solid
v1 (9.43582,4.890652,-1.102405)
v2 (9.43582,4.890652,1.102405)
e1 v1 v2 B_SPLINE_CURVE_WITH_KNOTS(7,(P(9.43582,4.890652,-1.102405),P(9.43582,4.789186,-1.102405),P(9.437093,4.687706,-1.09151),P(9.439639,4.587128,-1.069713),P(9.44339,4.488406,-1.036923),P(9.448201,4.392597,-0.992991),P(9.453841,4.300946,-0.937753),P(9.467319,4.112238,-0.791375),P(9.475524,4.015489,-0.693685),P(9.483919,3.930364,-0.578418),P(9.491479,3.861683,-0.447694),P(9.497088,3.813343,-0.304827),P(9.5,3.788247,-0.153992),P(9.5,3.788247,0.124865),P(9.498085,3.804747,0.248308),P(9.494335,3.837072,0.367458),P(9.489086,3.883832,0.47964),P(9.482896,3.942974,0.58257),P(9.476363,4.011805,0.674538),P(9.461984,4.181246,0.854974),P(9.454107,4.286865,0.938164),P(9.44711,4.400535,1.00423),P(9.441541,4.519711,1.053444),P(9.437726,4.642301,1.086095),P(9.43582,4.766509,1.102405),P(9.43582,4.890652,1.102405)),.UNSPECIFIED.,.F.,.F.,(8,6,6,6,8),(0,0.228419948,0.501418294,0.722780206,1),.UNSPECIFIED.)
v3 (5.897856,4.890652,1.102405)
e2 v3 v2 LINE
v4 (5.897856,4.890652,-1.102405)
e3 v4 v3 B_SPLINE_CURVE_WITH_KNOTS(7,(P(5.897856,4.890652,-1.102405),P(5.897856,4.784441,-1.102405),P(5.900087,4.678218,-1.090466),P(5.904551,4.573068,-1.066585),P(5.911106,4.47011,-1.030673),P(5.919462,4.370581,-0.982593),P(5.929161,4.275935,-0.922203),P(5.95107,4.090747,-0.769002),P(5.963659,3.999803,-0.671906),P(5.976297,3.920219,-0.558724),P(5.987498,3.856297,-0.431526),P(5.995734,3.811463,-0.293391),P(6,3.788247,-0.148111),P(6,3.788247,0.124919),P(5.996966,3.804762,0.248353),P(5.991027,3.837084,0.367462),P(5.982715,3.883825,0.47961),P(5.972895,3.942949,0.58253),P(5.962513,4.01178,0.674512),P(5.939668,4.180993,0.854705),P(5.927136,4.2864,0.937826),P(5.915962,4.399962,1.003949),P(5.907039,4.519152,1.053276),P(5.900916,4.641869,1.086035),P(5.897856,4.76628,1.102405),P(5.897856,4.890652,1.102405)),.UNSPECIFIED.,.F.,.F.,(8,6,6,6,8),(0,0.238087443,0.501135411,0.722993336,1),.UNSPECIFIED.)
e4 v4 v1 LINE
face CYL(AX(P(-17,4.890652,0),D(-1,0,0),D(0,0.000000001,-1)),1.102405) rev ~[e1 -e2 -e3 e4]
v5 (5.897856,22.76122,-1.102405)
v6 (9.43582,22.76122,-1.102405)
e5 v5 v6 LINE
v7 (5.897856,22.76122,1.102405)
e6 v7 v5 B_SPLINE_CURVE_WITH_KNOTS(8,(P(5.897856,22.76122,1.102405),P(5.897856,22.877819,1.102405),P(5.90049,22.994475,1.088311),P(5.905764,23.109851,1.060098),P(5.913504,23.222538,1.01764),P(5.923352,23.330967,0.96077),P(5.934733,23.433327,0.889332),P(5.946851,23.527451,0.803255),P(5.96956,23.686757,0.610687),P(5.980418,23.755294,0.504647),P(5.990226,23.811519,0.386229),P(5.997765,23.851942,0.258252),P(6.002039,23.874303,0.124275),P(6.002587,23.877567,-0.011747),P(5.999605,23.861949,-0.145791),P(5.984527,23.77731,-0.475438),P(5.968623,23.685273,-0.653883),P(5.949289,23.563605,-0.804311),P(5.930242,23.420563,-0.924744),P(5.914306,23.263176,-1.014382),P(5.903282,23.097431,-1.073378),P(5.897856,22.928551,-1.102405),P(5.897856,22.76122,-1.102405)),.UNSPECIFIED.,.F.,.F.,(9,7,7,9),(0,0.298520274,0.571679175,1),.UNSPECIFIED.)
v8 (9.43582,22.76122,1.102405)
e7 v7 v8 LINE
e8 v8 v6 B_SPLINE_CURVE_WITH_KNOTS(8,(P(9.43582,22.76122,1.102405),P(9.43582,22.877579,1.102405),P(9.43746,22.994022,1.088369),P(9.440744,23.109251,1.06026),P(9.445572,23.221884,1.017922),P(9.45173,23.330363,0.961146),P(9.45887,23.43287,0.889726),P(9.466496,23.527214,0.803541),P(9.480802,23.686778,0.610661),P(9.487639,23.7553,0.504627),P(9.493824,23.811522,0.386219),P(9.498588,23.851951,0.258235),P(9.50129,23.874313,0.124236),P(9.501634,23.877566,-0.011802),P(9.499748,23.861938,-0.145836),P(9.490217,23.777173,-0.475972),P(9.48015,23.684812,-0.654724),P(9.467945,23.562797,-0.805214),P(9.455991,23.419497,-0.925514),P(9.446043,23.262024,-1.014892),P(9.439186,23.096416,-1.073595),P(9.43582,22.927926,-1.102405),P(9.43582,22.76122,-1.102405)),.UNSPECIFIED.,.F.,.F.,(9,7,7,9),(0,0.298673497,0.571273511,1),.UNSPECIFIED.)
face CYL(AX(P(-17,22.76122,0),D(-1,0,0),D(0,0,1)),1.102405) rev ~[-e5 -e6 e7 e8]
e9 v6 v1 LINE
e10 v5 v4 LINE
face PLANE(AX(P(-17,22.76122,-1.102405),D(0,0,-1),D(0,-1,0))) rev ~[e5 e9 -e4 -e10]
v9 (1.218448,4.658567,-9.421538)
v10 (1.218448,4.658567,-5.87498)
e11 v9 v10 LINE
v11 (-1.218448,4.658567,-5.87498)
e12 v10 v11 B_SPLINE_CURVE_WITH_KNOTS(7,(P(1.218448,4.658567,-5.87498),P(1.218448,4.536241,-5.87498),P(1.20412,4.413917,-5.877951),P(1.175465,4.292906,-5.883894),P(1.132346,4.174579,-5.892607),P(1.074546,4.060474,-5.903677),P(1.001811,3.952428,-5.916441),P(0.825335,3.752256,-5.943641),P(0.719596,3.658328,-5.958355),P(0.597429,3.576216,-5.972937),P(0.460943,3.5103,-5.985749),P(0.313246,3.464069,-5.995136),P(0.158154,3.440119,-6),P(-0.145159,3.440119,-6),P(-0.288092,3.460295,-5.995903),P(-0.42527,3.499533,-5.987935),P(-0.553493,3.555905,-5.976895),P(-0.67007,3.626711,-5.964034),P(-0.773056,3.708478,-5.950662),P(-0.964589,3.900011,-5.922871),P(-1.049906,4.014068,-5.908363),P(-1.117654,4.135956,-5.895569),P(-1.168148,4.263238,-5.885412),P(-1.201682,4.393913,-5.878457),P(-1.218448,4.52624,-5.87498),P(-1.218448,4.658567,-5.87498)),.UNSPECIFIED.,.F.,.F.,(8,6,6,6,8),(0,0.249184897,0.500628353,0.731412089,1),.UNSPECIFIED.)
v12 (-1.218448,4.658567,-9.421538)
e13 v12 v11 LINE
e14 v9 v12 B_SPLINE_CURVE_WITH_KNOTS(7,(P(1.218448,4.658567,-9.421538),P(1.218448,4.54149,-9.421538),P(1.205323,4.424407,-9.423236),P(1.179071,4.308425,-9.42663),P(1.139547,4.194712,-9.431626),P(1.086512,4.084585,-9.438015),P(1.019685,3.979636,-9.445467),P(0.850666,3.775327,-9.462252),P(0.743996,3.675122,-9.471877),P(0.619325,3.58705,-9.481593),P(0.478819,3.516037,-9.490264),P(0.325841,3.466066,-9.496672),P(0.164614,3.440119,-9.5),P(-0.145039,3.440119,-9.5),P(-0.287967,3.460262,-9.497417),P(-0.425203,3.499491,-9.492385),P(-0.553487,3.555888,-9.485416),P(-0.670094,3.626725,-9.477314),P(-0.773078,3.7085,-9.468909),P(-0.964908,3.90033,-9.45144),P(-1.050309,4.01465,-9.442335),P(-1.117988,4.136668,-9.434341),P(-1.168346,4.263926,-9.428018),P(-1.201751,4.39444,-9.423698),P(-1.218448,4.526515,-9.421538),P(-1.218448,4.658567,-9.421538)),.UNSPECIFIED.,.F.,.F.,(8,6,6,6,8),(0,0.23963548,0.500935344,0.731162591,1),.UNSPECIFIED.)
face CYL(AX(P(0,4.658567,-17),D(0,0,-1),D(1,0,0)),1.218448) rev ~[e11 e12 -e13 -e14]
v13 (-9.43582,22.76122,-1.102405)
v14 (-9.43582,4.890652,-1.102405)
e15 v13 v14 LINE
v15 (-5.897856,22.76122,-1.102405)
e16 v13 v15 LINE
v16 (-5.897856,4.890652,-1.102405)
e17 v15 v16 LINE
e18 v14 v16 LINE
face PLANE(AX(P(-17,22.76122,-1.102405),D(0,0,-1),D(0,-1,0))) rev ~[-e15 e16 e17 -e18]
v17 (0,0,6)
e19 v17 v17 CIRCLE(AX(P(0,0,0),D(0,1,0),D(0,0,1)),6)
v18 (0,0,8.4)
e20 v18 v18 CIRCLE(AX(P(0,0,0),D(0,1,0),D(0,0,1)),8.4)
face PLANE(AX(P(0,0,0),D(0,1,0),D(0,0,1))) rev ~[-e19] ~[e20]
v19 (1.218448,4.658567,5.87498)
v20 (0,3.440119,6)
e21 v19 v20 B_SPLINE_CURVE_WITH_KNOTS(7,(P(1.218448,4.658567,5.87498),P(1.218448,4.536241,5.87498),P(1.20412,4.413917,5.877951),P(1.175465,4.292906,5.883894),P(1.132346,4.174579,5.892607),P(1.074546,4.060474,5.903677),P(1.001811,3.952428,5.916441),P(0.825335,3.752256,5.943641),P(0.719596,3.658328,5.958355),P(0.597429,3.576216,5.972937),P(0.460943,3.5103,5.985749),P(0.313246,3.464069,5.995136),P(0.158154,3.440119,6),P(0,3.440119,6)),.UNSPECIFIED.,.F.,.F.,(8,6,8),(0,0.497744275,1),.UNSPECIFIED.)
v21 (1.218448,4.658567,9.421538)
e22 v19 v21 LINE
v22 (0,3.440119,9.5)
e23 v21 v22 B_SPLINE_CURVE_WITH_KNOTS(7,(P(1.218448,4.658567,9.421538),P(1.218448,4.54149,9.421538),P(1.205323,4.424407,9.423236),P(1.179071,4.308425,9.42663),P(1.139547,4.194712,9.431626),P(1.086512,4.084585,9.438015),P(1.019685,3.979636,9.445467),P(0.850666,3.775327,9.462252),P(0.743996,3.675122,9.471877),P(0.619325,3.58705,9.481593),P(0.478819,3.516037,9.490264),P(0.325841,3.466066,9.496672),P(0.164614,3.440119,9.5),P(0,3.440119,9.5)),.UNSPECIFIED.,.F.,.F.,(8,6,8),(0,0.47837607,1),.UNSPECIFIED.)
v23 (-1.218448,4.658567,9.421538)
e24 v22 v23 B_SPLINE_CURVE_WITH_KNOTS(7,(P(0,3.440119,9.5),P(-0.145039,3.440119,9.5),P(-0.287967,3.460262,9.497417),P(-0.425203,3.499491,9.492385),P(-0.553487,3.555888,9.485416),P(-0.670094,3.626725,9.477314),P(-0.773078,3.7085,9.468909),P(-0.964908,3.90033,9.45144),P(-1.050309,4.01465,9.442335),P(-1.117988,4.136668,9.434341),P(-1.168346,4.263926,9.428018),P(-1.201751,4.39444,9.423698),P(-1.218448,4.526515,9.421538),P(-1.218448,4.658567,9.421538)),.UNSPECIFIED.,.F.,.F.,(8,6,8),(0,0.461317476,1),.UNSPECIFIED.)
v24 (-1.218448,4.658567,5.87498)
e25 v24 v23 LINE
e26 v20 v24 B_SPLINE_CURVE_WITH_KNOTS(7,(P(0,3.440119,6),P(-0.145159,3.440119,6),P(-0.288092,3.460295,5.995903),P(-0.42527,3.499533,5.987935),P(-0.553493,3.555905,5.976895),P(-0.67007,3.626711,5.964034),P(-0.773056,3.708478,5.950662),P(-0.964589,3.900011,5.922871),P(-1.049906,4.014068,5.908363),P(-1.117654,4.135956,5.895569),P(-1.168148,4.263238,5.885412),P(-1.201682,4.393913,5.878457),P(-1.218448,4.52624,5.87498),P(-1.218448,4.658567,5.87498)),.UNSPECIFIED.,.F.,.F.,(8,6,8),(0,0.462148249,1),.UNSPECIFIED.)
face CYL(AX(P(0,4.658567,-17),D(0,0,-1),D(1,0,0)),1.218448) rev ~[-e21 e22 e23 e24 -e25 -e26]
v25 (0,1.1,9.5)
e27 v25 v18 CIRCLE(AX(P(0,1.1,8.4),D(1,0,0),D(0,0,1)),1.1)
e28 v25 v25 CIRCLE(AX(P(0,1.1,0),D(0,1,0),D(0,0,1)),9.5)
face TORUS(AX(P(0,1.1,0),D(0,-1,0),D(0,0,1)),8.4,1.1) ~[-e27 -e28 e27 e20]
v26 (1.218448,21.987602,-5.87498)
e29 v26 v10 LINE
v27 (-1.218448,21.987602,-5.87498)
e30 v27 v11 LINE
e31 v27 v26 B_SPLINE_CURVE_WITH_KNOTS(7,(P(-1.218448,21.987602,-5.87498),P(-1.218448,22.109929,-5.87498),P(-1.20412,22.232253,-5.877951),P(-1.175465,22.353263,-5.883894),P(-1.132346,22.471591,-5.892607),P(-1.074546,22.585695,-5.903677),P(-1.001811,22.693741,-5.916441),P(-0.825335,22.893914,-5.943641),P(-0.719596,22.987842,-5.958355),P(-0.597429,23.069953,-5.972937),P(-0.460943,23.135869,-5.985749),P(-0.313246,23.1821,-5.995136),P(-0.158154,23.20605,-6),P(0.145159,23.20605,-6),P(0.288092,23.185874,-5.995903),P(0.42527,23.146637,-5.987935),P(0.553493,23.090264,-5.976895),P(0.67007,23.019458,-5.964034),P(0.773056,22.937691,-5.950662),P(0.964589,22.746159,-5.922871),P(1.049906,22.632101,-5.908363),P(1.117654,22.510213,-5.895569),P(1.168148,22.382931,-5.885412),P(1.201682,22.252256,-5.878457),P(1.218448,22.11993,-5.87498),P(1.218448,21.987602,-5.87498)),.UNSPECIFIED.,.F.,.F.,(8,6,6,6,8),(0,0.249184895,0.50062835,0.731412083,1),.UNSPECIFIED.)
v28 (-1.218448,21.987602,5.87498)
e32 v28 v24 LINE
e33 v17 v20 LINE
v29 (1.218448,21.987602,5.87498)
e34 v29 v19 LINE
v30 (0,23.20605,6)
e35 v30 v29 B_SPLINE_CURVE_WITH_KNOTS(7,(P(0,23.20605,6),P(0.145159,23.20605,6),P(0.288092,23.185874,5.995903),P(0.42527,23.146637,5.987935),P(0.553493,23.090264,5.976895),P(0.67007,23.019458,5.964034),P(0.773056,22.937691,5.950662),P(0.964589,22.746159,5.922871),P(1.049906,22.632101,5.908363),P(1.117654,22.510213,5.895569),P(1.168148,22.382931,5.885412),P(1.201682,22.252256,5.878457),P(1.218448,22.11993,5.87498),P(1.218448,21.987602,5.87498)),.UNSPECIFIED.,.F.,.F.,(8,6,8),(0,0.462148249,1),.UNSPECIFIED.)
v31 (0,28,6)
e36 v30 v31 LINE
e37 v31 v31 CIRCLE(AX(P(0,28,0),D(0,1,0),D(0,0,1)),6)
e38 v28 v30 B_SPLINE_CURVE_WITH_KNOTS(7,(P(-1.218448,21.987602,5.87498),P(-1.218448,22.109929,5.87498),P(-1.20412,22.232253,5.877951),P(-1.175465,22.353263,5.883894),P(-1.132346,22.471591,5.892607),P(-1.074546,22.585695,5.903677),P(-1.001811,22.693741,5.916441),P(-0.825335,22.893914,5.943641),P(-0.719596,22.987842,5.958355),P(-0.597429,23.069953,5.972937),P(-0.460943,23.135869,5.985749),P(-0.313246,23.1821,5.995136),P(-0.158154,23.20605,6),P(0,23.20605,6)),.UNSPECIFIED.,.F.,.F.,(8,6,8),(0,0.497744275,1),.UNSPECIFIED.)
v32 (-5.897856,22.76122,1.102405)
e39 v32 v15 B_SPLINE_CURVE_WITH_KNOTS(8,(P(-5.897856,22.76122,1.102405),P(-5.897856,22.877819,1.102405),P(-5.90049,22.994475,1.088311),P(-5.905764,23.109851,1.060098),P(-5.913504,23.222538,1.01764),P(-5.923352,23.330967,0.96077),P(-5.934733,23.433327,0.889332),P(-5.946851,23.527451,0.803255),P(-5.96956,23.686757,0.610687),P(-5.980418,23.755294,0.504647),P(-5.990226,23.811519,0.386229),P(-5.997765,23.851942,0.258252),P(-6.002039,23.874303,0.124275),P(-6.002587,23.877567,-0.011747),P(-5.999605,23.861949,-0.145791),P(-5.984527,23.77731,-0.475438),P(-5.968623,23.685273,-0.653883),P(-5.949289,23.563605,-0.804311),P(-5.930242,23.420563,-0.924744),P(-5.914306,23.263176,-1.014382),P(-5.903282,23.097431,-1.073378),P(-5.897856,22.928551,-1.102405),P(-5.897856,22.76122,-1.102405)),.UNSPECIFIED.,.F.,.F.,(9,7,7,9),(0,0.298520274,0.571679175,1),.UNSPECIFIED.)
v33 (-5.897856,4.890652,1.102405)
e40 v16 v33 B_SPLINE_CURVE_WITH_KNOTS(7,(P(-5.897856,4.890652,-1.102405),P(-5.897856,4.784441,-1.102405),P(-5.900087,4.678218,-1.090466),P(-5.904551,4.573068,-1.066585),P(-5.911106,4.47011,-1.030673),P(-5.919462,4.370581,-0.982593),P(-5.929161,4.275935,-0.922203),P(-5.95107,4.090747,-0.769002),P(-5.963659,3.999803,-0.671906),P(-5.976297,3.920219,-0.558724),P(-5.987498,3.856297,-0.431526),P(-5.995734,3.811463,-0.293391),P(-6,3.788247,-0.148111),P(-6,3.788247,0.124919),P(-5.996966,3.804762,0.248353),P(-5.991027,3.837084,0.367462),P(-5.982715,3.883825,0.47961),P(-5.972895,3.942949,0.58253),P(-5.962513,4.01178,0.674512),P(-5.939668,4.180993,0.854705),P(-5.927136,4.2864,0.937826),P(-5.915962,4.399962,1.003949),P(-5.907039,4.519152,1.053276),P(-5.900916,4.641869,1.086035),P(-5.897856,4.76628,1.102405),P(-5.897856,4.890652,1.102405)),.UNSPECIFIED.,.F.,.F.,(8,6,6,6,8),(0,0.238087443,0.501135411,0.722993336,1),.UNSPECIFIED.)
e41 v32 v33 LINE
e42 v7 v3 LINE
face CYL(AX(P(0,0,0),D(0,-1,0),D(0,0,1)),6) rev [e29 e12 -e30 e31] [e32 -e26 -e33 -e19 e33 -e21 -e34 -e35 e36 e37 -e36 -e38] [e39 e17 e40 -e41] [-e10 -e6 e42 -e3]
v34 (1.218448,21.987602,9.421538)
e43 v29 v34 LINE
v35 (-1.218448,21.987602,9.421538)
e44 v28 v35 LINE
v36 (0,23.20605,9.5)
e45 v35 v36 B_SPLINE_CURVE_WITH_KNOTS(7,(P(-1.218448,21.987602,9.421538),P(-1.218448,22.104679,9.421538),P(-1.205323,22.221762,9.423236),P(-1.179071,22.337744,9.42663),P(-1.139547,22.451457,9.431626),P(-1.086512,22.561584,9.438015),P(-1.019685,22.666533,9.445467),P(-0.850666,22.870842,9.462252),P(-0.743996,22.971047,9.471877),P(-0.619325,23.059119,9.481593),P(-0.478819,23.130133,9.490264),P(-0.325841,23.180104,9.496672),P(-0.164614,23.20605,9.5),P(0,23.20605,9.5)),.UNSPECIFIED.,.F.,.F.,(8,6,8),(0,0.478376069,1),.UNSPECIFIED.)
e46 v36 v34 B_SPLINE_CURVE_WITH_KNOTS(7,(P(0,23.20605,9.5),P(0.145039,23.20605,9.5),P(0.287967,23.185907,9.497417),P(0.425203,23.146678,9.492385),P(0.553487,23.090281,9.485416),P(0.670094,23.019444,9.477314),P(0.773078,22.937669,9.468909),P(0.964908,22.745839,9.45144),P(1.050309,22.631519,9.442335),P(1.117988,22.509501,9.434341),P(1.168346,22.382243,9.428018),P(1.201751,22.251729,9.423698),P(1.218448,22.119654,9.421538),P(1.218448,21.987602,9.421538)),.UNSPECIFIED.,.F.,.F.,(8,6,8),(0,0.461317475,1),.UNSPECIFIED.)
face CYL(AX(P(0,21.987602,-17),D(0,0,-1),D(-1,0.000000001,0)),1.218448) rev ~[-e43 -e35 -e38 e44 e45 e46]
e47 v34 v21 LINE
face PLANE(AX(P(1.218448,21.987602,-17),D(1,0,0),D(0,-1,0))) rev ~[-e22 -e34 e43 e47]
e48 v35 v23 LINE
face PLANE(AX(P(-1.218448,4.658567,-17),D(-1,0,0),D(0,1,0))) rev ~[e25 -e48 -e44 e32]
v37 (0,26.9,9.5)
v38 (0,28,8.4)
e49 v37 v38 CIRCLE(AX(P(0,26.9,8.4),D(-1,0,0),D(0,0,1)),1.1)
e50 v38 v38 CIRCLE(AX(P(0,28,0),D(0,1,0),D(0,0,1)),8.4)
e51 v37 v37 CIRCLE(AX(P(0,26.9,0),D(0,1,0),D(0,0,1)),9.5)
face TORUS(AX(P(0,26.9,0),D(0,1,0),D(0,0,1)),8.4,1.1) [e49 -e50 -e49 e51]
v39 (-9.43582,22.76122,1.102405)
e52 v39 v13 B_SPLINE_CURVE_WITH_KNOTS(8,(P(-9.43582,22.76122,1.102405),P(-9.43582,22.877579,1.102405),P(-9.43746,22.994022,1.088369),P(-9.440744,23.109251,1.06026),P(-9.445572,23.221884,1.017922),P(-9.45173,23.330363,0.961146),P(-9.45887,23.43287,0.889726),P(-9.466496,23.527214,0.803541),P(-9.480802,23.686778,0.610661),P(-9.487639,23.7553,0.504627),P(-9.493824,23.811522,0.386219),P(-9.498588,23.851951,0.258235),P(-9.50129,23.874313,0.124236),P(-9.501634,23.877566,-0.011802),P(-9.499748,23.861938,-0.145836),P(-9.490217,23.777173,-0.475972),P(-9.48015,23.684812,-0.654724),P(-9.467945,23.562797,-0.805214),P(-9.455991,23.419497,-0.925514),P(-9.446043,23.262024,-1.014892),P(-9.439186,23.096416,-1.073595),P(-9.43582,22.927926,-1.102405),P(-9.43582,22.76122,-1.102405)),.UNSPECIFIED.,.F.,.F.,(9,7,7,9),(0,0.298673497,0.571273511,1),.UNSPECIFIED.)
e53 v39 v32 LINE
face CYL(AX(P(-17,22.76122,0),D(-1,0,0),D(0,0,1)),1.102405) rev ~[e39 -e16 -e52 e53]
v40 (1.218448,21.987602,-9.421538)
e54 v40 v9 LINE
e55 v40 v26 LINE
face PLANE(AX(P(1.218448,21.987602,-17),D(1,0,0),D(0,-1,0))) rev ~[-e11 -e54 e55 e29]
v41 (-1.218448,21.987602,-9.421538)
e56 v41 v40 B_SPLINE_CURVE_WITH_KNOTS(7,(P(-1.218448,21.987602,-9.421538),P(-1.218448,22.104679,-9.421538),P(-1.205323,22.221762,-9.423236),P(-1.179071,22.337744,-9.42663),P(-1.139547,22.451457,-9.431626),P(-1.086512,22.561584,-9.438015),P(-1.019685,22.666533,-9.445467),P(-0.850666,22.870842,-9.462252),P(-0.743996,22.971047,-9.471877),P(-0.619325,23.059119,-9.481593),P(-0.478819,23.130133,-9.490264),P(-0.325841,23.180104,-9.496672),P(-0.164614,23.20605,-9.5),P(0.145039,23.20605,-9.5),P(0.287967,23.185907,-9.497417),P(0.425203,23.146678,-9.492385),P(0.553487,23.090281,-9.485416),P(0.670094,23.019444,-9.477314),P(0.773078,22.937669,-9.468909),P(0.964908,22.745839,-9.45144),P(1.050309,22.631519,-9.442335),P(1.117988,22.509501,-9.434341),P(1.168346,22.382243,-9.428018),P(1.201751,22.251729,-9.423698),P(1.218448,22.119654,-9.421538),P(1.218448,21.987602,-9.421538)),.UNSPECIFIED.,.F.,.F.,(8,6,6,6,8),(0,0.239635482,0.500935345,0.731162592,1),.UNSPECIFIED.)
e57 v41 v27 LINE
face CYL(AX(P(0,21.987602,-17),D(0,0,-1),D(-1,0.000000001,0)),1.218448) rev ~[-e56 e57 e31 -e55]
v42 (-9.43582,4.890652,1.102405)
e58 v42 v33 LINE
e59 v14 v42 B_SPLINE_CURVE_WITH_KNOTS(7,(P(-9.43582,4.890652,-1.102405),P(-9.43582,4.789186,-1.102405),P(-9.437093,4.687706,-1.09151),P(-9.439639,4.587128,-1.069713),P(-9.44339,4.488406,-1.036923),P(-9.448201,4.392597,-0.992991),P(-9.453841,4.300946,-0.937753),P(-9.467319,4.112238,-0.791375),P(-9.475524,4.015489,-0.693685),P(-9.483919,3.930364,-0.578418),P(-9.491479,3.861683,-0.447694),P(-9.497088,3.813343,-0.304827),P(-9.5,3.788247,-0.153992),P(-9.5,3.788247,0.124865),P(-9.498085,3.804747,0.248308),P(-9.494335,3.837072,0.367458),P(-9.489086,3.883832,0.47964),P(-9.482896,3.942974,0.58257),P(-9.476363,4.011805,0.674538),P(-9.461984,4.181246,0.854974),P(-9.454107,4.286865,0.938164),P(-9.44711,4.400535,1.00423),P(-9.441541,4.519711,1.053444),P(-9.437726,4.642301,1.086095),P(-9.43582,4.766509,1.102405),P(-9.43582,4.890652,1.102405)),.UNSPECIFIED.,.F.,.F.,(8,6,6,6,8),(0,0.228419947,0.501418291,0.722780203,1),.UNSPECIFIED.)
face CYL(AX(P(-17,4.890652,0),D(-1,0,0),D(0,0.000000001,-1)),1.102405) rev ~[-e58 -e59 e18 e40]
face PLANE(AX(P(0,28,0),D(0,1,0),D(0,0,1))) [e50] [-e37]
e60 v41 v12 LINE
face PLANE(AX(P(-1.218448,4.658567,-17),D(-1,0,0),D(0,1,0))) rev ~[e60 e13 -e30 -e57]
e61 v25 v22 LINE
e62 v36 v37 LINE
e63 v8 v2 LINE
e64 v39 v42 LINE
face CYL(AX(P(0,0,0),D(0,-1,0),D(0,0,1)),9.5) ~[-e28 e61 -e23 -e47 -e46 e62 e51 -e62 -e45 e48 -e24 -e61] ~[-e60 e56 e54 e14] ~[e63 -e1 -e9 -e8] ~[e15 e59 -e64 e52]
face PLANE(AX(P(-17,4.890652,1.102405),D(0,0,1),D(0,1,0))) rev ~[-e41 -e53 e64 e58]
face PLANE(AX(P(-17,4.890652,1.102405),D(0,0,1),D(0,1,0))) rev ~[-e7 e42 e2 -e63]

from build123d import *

# Parameters (mm, degrees)
SKETCH_1_R               = 9.5
SKETCH_1_R_2             = 6
EXTRUDE_1_DEPTH          = 28
FILLET_1_R               = 1.1
CUT_EXTRUDE_1_DEPTH      = 15
CUT_EXTRUDE_1_DEPTH_BACK = 17
CUT_EXTRUDE_2_DEPTH      = 17
CUT_EXTRUDE_2_DEPTH_BACK = 17


with BuildPart() as part:
    # Эскиз1 → Бобышка-Вытянуть1 (new body)
    with BuildSketch(Plane(origin=(0, 0, 0), x_dir=(1, 0, 0), z_dir=(0, 1, 0))):
        with Locations(Location((0, 0, 0), (0, 0, 270))):
            Circle(SKETCH_1_R)
        with Locations(Location((0, 0, 0), (0, 0, 270))):
            Circle(SKETCH_1_R_2, mode=Mode.SUBTRACT)
    extrude(amount=EXTRUDE_1_DEPTH)

    # Скругление1
    fillet_1_edges = [part.edges().sort_by_distance(p)[0] for p in [
        (0, 0, -9.5),
        (0, 28, -9.5),
    ]]
    fillet(fillet_1_edges, radius=FILLET_1_R)

    # Эскиз2 → Вырез-Вытянуть1 (cut, two sides: drawn at the far end of the back side and taken through both)
    with BuildSketch(Plane.XY.offset(-CUT_EXTRUDE_1_DEPTH_BACK)):
        with BuildLine():
            Line((1.218447758, 21.987601969), (1.218447758, 4.658567189))
            ThreePointArc((1.218447758, 4.658567189), (0, 3.440119431), (-1.218447758, 4.658567189))
            Line((-1.218447758, 4.658567189), (-1.218447758, 21.987601969))
            ThreePointArc((-1.218447758, 21.987601969), (0, 23.206049726), (1.218447758, 21.987601969))
        make_face()
    extrude(amount=CUT_EXTRUDE_1_DEPTH + CUT_EXTRUDE_1_DEPTH_BACK, mode=Mode.SUBTRACT)

    # Эскиз3 → Вырез-Вытянуть2 (cut, two sides: drawn at the far end of the back side and taken through both)
    with BuildSketch(Plane(origin=(0, 0, 0), x_dir=(0, 0, -1), z_dir=(1, 0, 0)).offset(-CUT_EXTRUDE_2_DEPTH_BACK)):
        with BuildLine():
            Line((1.102405114, 22.761219593), (1.102405114, 4.890652477))
            ThreePointArc((1.102405114, 4.890652477), (0, 3.788247362), (-1.102405114, 4.890652477))
            Line((-1.102405114, 4.890652477), (-1.102405114, 22.761219593))
            ThreePointArc((-1.102405114, 22.761219593), (0, 23.863624707), (1.102405114, 22.761219593))
        make_face()
    extrude(amount=CUT_EXTRUDE_2_DEPTH + CUT_EXTRUDE_2_DEPTH_BACK, mode=Mode.SUBTRACT)


solid = part.part
